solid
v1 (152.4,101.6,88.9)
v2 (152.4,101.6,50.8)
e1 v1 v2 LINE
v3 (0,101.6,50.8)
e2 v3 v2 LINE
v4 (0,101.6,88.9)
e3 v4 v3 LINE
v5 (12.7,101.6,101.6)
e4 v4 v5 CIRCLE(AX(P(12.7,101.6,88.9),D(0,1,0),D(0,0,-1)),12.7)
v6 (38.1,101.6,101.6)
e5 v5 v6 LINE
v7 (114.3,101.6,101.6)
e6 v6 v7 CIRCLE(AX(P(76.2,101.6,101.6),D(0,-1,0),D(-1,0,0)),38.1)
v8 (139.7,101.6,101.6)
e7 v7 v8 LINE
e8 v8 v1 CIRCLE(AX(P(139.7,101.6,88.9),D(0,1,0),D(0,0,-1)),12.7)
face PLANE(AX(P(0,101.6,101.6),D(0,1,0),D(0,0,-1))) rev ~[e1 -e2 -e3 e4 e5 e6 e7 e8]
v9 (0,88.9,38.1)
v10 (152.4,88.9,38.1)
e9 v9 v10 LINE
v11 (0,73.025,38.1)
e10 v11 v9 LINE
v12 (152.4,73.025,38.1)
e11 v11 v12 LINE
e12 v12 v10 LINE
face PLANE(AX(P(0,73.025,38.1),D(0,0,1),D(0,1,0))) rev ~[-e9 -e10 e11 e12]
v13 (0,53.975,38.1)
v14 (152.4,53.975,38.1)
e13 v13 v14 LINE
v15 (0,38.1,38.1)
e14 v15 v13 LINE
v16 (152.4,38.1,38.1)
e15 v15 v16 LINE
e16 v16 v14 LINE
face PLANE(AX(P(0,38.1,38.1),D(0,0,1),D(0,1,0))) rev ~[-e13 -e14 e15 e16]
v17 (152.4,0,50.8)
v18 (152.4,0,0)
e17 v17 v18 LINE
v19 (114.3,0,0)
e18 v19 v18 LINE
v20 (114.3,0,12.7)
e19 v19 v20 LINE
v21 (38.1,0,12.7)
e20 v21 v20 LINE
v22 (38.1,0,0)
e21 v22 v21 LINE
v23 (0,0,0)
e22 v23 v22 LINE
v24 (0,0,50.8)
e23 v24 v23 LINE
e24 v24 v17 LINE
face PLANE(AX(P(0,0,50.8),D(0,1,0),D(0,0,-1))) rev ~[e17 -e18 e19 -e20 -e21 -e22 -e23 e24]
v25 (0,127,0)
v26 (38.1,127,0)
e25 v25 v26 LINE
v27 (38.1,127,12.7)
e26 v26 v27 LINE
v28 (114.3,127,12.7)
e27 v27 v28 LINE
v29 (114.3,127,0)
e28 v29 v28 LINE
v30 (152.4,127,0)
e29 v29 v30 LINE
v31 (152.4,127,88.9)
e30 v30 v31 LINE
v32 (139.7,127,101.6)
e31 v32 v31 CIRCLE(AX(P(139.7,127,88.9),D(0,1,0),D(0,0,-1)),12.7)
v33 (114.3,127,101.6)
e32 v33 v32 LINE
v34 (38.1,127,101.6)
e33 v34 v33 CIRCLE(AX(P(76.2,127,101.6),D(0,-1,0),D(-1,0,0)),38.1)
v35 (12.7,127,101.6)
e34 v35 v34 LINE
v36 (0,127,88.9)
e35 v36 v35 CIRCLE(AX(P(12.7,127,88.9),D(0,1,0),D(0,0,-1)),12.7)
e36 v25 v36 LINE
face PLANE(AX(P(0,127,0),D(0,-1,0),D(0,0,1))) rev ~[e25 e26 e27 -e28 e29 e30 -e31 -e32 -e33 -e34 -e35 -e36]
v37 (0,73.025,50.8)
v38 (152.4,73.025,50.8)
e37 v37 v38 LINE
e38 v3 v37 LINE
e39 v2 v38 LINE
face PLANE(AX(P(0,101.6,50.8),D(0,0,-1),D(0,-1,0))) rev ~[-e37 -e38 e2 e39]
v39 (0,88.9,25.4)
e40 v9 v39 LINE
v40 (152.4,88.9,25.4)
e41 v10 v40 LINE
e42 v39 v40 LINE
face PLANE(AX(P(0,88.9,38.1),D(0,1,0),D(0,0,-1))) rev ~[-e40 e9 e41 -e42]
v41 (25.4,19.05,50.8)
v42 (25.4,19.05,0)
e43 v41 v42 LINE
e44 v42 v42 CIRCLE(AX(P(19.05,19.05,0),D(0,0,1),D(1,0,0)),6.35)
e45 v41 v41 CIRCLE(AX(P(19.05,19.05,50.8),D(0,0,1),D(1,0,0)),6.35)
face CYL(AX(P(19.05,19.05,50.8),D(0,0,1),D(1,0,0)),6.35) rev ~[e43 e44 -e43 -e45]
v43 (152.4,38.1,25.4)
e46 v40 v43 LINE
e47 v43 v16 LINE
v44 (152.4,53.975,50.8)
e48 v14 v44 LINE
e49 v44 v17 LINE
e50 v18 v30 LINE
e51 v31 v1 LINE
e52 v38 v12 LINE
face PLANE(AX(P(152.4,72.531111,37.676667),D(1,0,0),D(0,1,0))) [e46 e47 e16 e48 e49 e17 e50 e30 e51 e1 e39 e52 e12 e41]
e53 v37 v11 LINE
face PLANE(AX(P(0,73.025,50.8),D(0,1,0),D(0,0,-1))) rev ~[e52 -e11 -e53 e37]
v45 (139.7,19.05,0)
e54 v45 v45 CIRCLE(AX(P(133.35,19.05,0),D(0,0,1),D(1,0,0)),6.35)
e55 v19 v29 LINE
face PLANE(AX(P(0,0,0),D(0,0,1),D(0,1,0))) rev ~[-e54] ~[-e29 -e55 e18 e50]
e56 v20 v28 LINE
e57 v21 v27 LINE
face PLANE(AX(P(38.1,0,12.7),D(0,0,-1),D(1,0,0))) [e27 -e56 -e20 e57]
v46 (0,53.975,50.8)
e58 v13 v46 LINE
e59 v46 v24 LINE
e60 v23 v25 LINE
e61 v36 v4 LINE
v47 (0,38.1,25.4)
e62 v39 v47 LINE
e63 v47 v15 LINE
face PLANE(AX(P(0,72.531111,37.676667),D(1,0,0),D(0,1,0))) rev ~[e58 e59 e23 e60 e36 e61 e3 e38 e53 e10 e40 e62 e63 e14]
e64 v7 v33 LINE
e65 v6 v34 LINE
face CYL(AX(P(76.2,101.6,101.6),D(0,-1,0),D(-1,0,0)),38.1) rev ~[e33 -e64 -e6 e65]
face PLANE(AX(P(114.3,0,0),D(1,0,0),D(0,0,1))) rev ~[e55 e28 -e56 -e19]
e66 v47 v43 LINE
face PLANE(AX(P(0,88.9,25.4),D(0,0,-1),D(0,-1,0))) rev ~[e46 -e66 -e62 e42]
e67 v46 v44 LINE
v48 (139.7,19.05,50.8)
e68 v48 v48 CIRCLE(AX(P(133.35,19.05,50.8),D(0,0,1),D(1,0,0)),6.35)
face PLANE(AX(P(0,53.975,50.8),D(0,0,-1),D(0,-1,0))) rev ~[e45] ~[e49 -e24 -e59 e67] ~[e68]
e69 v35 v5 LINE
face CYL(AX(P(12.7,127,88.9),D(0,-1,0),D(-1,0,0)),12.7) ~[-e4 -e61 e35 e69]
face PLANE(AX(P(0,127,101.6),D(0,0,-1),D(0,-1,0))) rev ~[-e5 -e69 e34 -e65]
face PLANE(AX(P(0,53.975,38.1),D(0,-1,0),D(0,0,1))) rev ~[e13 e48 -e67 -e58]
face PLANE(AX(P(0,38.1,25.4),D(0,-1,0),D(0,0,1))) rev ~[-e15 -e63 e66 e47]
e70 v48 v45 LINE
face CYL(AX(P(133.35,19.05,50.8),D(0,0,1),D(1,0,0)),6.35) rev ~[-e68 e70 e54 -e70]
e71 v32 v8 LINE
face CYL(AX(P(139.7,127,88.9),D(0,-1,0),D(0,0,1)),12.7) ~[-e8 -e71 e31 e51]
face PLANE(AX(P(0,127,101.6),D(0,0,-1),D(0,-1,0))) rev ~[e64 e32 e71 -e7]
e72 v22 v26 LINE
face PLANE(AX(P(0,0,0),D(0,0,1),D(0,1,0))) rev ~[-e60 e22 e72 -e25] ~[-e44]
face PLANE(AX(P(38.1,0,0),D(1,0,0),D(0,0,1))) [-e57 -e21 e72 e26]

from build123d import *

# Parameters (mm, degrees)
F1_DEPTH = 152.4
F2_W     = 76.2
F2_H     = 12.7
F3_DEPTH = 127.001
F5_DEPTH = 25.4
F6_R     = 12.7
F7_R     = 6.35
F8_DEPTH = 50.801


with BuildPart() as f1:
    # F0 (on Right) → F1 (new body)
    with BuildSketch(Plane.YZ):
        Polygon((127, 0), (127, 101.6), (101.6, 101.6), (101.6, 50.8), (73.025, 50.8), (73.025, 38.1), (88.9, 38.1), (88.9, 25.4), (38.1, 25.4), (38.1, 38.1), (53.975, 38.1), (53.975, 50.8), (0, 50.8), (0, 0), align=None)
    extrude(amount=F1_DEPTH)

    # F2 (on face) → F3 (cut, through all)
    with BuildSketch(Plane.XZ):
        with Locations((76.2, 6.35)):
            Rectangle(F2_W, F2_H)
    extrude(amount=-F3_DEPTH, mode=Mode.SUBTRACT)

    # F4 (on face) → F5 (cut)
    with BuildSketch(Plane.XZ.offset(-101.6)):
        with BuildLine():
            ThreePointArc((38.1, 101.6), (76.2, 63.5), (114.3, 101.6))
            Line((114.3, 101.6), (38.1, 101.6))
        make_face()
    extrude(amount=-F5_DEPTH, mode=Mode.SUBTRACT)

    # F6
    f6_edges = [f1.edges().sort_by_distance(p)[0] for p in [
        (0, 114.3, 101.6),
        (152.4, 114.3, 101.6),
    ]]
    fillet(f6_edges, radius=F6_R)

    # F7 (on face) → F8 (cut, through all)
    with BuildSketch(Plane.XY.offset(50.8)):
        with Locations((19.05, 19.05)):
            Circle(F7_R)
        with Locations((133.35, 19.05)):
            Circle(F7_R)
    extrude(amount=-F8_DEPTH, mode=Mode.SUBTRACT)


solid = f1.part
